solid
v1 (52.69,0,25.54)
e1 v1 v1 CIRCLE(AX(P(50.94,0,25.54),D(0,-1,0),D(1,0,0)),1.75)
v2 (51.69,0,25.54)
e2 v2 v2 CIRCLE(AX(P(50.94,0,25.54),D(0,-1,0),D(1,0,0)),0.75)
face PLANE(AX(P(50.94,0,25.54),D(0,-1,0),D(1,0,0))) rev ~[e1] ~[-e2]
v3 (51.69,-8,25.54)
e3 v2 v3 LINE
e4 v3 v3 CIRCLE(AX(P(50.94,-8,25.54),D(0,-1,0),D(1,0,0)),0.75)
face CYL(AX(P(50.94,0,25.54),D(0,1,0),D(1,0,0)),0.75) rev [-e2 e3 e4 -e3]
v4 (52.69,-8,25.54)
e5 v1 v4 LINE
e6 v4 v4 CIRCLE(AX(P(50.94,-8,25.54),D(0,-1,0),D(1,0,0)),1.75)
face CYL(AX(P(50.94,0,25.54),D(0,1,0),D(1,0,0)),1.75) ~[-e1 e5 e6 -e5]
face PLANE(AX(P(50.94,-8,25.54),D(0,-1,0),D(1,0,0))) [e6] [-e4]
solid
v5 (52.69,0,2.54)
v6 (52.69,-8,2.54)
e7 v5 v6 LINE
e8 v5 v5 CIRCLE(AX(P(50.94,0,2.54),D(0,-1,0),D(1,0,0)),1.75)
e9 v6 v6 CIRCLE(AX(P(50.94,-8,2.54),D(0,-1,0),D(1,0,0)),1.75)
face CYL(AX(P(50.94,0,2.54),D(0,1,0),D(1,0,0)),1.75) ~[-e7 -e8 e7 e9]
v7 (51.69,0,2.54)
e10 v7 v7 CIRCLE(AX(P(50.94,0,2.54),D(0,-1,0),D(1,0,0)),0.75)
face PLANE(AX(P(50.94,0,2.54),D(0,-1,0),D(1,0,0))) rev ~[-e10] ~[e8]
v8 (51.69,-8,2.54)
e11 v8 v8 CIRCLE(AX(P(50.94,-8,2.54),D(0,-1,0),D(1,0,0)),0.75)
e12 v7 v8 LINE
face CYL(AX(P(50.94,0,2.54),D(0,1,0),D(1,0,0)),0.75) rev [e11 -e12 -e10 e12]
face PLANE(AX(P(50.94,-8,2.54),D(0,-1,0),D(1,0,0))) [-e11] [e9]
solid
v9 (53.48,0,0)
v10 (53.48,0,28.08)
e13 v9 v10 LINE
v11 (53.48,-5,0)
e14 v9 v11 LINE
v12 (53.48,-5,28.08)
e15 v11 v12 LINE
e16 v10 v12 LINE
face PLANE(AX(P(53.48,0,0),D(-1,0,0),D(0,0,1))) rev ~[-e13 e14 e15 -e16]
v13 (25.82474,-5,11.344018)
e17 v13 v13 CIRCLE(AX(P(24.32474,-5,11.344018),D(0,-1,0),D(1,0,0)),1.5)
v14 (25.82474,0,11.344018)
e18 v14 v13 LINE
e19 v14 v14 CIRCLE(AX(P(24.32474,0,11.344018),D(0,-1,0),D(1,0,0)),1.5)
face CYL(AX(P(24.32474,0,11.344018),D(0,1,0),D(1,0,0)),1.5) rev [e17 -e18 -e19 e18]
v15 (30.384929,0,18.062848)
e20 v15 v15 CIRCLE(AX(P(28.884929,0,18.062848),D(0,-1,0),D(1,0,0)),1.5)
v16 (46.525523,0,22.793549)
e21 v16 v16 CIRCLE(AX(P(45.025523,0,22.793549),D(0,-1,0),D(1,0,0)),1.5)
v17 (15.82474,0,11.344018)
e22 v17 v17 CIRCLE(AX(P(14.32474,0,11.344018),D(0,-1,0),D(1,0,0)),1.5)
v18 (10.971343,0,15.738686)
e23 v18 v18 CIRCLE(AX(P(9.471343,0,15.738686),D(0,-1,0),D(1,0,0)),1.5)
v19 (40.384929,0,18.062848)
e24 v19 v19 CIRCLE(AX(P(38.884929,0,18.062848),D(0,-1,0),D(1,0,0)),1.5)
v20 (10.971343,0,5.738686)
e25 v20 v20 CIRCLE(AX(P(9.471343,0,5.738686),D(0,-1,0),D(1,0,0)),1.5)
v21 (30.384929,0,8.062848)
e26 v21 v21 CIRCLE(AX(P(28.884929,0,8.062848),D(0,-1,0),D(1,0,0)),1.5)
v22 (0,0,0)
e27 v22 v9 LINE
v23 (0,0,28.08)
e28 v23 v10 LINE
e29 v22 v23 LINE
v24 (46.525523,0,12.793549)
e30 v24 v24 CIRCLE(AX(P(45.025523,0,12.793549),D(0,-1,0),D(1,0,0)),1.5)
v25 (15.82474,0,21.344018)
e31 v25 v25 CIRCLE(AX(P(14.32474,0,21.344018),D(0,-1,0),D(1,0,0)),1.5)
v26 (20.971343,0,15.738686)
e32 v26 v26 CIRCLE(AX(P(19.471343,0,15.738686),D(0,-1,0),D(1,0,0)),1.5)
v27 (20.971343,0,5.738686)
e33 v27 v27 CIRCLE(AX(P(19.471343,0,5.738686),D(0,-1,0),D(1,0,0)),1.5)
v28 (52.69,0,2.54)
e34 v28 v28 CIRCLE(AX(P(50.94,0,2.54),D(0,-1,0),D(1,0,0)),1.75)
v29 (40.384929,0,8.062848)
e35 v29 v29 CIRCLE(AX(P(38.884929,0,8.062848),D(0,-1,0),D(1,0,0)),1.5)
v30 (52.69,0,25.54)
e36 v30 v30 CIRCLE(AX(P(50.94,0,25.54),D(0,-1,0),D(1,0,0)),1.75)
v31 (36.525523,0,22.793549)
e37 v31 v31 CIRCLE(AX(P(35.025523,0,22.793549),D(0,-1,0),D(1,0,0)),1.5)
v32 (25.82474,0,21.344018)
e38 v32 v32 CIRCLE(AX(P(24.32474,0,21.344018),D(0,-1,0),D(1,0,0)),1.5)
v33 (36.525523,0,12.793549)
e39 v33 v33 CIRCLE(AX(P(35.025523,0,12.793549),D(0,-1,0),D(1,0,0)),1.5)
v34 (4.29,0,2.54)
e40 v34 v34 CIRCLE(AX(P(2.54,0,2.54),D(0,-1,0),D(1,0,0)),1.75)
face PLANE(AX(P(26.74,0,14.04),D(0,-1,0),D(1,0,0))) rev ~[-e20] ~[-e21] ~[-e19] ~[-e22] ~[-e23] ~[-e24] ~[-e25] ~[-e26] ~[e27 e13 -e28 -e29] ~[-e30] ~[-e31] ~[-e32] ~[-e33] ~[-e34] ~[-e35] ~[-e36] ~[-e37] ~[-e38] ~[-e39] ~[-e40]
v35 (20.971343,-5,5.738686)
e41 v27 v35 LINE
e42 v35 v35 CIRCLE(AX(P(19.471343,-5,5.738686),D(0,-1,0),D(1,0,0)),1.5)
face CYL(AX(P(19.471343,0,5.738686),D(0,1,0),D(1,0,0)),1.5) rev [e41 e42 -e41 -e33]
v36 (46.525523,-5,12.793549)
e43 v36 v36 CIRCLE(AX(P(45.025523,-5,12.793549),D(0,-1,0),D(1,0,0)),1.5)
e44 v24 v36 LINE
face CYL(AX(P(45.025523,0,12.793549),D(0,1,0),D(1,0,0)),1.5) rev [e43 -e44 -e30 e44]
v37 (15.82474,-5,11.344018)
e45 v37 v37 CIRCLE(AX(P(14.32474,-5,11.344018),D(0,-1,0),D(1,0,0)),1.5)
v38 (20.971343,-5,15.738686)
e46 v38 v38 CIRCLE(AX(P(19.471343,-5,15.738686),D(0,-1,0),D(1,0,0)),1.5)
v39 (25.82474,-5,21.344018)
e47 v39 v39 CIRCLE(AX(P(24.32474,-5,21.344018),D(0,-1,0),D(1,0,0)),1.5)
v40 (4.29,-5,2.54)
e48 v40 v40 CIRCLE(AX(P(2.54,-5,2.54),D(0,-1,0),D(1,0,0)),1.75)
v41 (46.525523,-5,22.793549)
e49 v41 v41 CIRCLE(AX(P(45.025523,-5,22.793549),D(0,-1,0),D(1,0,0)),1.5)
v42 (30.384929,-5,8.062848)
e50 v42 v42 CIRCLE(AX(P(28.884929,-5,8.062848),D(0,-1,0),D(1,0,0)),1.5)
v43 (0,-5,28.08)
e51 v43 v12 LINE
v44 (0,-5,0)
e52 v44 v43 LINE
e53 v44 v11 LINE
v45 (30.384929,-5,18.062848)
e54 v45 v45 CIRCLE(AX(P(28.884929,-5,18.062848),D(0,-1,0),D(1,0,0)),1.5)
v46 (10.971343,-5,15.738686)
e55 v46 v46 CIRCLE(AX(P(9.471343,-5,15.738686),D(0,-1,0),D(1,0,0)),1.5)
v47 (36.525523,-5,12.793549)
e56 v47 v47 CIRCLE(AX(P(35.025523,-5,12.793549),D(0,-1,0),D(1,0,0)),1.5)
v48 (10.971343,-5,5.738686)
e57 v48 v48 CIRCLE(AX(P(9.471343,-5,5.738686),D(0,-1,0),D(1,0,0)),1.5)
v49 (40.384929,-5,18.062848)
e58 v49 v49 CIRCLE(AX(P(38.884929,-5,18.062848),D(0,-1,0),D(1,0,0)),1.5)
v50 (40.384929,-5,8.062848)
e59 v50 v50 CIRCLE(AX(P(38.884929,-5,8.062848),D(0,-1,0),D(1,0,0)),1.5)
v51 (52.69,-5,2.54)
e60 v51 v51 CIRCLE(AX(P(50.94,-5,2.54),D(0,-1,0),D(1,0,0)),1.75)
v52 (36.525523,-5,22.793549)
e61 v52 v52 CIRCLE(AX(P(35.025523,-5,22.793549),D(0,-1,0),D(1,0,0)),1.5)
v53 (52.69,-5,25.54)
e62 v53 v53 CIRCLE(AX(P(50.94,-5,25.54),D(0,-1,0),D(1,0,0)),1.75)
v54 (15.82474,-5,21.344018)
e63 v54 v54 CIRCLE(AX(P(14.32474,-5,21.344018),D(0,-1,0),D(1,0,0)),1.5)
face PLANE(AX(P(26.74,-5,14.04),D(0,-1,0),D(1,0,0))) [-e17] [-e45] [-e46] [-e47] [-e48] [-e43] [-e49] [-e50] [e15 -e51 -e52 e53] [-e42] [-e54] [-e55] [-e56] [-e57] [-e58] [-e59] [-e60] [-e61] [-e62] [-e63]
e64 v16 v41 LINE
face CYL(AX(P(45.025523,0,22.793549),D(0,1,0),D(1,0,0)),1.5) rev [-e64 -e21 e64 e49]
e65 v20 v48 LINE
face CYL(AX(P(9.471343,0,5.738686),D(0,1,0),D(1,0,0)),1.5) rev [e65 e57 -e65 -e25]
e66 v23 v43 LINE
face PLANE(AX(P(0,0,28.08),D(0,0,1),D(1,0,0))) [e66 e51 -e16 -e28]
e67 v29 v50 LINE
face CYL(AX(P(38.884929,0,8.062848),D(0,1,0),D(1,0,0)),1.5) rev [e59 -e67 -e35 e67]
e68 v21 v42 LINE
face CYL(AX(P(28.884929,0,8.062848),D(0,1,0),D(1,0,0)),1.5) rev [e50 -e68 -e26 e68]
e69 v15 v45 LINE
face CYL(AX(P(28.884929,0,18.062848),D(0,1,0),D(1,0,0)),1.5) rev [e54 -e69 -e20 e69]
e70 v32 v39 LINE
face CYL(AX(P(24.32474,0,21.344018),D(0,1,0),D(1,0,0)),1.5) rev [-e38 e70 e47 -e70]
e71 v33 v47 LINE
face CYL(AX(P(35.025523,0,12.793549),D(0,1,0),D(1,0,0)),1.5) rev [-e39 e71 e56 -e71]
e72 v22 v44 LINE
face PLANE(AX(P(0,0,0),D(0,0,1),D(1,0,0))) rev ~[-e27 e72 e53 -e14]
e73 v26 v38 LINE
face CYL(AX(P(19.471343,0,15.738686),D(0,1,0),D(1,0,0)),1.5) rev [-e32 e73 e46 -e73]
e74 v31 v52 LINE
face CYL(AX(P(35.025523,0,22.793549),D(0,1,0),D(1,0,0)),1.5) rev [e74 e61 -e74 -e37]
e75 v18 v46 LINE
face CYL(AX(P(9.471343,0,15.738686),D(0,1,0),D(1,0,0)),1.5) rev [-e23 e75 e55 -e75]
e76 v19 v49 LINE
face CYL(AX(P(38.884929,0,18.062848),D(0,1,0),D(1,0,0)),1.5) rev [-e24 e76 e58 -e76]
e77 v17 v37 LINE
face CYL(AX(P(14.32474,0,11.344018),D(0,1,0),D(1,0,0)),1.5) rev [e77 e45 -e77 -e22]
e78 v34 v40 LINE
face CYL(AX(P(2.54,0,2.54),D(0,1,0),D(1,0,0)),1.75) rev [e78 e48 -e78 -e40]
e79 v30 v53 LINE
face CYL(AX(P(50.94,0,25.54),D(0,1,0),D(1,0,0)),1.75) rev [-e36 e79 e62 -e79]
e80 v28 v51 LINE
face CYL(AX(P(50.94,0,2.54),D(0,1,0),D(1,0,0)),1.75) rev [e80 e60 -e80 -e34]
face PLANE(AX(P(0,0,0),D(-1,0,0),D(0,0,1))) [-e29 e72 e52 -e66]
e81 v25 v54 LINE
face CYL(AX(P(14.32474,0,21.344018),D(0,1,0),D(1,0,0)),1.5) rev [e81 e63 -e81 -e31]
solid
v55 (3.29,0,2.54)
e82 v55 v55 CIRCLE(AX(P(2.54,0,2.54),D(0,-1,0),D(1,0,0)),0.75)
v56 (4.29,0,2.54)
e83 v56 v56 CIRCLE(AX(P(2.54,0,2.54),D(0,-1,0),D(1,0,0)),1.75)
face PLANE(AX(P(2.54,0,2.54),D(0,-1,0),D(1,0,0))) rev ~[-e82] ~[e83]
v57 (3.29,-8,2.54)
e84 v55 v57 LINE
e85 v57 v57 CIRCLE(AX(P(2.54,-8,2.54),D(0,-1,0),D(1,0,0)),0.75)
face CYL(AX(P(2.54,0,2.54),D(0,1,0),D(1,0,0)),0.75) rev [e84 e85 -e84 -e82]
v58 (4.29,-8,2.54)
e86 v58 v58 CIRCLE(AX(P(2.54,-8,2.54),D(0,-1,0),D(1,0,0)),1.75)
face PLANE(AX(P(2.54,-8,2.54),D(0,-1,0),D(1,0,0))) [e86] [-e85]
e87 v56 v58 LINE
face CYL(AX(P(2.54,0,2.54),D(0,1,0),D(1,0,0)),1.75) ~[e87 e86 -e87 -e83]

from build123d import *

# Parameters (mm, degrees)
F0_R     = 1.75
F0_R_2   = 0.75
F1_DEPTH = 8
F0_W     = 53.48
F0_H     = 28.08
F0_R_3   = 1.5
F2_DEPTH = 5


with BuildPart() as f1:
    # F0 (on Front) → F1 (new body)
    with BuildSketch(Plane.XZ):
        with Locations((2.54, 2.54)):
            Circle(F0_R)
        with Locations((2.54, 2.54)):
            Circle(F0_R_2, mode=Mode.SUBTRACT)
        with Locations((50.94, 2.54)):
            Circle(F0_R)
        with Locations((50.94, 2.54)):
            Circle(F0_R_2, mode=Mode.SUBTRACT)
        with Locations((50.94, 25.54)):
            Circle(F0_R)
        with Locations((50.94, 25.54)):
            Circle(F0_R_2, mode=Mode.SUBTRACT)
    extrude(amount=F1_DEPTH)


with BuildPart() as f2:
    # F0 (on Front) → F2 (new body)
    with BuildSketch(Plane.XZ):
        with Locations((26.74, 14.04)):
            Rectangle(F0_W, F0_H)
        with Locations((2.54, 2.54)):
            Circle(F0_R, mode=Mode.SUBTRACT)
        with Locations((9.471343, 5.738686)):
            Circle(F0_R_3, mode=Mode.SUBTRACT)
        with Locations((19.471343, 5.738686)):
            Circle(F0_R_3, mode=Mode.SUBTRACT)
        with Locations((14.32474, 11.344018)):
            Circle(F0_R_3, mode=Mode.SUBTRACT)
        with Locations((24.32474, 11.344018)):
            Circle(F0_R_3, mode=Mode.SUBTRACT)
        with Locations((50.94, 2.54)):
            Circle(F0_R, mode=Mode.SUBTRACT)
        with Locations((28.884929, 8.062848)):
            Circle(F0_R_3, mode=Mode.SUBTRACT)
        with Locations((38.884929, 8.062848)):
            Circle(F0_R_3, mode=Mode.SUBTRACT)
        with Locations((35.025523, 12.793549)):
            Circle(F0_R_3, mode=Mode.SUBTRACT)
        with Locations((45.025523, 12.793549)):
            Circle(F0_R_3, mode=Mode.SUBTRACT)
        with Locations((9.471343, 15.738686)):
            Circle(F0_R_3, mode=Mode.SUBTRACT)
        with Locations((19.471343, 15.738686)):
            Circle(F0_R_3, mode=Mode.SUBTRACT)
        with Locations((14.32474, 21.344018)):
            Circle(F0_R_3, mode=Mode.SUBTRACT)
        with Locations((24.32474, 21.344018)):
            Circle(F0_R_3, mode=Mode.SUBTRACT)
        with Locations((28.884929, 18.062848)):
            Circle(F0_R_3, mode=Mode.SUBTRACT)
        with Locations((38.884929, 18.062848)):
            Circle(F0_R_3, mode=Mode.SUBTRACT)
        with Locations((35.025523, 22.793549)):
            Circle(F0_R_3, mode=Mode.SUBTRACT)
        with Locations((45.025523, 22.793549)):
            Circle(F0_R_3, mode=Mode.SUBTRACT)
        with Locations((50.94, 25.54)):
            Circle(F0_R, mode=Mode.SUBTRACT)
    extrude(amount=F2_DEPTH)


solid = Compound([f1.part, f2.part])
